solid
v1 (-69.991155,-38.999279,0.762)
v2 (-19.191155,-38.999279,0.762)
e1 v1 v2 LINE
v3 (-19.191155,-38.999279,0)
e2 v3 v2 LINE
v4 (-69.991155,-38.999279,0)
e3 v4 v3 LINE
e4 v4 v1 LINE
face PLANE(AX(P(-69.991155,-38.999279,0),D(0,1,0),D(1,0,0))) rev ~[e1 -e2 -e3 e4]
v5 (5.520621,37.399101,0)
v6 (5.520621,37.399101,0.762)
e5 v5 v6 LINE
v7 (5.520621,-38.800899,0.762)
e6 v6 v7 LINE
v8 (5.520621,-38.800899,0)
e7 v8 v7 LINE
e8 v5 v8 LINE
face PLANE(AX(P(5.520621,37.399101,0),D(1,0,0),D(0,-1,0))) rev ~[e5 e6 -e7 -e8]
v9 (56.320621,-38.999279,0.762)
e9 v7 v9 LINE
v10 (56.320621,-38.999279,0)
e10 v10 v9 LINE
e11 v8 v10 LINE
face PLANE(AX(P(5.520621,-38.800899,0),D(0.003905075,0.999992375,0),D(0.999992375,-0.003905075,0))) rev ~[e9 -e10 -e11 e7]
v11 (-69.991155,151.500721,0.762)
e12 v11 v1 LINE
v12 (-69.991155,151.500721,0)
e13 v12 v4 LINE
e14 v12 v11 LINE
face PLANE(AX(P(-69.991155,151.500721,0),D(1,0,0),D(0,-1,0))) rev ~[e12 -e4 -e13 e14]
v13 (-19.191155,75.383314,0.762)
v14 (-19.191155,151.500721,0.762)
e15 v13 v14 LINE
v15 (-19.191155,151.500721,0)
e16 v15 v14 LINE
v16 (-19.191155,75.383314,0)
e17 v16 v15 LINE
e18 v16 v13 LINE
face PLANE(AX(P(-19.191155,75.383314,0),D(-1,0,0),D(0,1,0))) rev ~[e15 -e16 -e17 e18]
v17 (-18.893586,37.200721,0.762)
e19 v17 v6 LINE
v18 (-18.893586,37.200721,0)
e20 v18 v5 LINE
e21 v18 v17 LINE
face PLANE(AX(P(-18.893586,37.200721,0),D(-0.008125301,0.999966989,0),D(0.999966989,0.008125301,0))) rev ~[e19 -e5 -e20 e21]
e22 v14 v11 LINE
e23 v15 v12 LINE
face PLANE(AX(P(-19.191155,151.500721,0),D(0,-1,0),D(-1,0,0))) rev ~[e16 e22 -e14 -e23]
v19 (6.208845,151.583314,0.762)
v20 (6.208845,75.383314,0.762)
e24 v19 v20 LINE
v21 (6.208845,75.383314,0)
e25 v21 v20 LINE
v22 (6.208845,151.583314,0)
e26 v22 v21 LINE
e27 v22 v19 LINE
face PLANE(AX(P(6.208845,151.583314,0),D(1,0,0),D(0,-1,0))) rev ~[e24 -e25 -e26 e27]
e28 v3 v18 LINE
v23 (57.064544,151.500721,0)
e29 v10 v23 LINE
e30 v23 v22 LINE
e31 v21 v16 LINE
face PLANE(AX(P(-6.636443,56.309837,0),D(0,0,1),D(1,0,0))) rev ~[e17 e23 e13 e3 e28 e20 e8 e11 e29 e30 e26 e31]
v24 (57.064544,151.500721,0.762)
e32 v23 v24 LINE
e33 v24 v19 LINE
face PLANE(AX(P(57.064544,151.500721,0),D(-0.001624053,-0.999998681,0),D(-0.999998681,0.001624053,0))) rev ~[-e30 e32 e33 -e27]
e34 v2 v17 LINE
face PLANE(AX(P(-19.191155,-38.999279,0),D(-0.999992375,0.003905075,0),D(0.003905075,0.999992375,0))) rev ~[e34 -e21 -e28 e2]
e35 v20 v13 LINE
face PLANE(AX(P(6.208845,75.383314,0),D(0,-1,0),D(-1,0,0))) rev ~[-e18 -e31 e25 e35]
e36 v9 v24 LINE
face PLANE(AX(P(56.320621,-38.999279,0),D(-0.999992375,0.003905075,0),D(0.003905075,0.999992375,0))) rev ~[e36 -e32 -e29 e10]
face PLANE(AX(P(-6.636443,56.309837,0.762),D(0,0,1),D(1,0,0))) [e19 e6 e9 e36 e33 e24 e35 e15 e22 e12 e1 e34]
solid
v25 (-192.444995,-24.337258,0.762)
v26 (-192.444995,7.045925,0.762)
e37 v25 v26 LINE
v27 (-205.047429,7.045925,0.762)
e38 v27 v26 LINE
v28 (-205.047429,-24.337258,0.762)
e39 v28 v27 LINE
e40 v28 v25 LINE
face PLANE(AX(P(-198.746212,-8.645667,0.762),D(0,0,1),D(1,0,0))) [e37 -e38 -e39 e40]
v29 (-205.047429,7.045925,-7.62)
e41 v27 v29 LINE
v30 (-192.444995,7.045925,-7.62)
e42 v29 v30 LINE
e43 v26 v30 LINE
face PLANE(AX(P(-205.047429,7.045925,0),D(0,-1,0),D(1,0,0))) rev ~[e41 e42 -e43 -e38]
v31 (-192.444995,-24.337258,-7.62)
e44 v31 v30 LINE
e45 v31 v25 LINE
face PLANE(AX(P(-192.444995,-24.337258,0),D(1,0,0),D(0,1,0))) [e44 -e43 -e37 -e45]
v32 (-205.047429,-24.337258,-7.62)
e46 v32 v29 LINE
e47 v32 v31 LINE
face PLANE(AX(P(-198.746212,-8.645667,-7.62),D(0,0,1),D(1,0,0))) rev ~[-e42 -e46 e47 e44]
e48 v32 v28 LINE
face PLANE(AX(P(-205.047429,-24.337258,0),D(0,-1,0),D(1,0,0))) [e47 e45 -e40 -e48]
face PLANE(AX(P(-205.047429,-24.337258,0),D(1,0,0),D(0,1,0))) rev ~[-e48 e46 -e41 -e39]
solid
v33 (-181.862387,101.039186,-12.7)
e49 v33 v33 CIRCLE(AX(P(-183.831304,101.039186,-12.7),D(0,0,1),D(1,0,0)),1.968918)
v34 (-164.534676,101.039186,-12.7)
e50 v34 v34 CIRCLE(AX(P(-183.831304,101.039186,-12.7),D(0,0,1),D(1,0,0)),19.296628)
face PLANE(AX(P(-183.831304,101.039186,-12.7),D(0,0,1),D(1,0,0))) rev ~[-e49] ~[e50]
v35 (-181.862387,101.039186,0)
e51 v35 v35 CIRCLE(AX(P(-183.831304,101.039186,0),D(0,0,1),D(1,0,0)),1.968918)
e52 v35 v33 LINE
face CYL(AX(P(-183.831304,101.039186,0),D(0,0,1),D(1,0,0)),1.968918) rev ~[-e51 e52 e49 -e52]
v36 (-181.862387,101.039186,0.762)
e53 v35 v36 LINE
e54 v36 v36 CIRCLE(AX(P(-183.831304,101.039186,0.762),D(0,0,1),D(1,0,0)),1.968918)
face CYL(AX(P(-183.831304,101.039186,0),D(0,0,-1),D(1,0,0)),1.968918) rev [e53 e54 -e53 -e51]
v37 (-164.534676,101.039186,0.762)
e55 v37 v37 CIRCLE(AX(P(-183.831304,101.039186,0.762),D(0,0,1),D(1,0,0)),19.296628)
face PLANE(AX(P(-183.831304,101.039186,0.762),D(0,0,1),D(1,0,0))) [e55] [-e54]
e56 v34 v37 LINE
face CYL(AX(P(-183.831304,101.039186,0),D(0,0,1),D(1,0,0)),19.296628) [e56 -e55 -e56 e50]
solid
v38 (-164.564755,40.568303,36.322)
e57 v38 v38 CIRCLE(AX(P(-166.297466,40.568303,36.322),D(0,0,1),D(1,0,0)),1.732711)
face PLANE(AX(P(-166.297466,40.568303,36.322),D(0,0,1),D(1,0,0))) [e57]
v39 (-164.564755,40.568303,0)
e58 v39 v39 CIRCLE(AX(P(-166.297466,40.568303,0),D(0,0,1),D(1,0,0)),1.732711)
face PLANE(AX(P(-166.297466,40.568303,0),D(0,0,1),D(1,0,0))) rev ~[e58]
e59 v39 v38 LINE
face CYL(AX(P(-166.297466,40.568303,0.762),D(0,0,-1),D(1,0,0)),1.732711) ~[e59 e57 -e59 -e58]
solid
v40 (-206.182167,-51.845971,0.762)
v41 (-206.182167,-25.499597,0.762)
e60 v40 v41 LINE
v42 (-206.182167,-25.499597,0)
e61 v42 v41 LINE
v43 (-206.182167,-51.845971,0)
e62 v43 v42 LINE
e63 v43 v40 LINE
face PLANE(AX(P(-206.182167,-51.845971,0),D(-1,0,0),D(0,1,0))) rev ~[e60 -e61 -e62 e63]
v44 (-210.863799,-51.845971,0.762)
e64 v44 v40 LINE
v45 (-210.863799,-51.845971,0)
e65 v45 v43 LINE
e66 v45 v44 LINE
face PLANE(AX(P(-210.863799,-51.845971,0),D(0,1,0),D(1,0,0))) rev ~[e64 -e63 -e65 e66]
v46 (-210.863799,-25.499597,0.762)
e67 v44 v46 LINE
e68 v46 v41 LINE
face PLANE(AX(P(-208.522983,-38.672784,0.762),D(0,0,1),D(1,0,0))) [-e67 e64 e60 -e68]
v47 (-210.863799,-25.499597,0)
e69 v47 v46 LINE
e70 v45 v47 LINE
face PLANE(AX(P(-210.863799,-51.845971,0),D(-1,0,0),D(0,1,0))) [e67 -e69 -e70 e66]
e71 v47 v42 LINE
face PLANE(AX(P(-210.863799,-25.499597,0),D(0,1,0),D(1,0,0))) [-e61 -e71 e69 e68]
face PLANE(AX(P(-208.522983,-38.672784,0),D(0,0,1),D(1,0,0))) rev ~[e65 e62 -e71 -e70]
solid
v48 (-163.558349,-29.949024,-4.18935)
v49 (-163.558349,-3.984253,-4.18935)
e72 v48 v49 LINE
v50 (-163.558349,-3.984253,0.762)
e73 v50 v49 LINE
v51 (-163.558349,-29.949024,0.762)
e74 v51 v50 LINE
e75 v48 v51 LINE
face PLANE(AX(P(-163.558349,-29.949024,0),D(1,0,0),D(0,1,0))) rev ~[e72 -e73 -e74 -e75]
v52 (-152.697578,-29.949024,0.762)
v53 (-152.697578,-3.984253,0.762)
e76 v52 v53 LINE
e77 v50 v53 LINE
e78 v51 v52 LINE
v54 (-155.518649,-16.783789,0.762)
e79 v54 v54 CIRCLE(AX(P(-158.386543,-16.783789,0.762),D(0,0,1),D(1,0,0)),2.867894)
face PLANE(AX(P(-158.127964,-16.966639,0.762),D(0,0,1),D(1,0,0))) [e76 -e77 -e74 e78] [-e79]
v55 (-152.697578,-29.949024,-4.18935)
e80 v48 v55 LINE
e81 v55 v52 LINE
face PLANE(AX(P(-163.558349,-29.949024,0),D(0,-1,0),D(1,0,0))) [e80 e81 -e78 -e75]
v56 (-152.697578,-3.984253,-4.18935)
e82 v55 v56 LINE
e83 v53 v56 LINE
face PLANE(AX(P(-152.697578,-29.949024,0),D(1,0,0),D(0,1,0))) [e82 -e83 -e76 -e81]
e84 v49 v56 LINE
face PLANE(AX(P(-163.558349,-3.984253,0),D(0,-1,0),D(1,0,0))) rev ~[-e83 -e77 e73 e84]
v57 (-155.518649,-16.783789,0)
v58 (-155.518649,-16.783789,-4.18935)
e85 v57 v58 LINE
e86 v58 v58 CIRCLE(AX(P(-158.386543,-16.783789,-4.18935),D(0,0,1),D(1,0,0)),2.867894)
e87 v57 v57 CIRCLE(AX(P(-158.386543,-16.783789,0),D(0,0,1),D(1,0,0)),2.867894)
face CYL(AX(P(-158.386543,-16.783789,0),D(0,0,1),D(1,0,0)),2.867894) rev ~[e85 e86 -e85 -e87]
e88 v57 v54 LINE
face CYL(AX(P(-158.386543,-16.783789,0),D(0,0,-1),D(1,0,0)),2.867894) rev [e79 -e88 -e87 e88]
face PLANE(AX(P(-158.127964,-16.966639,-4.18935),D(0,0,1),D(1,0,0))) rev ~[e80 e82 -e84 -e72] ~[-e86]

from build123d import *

# Parameters (mm, degrees)
F1_DEPTH = 0.762
F0_R     = 1.7327110464
F0_R_2   = 19.2966279722
F0_R_3   = 1.9689175866
F0_W     = 10.8607709408
F0_H     = 25.9647709318
F0_R_4   = 2.8678942403
F0_W_2   = 12.6024335623
F0_H_2   = 31.3831828535
F0_W_3   = 4.6816319227
F0_H_3   = 26.3463743031
F2_DEPTH = 35.56
F3_DEPTH = 12.7
F4_DEPTH = 4.18935
F5_DEPTH = 7.62


with BuildPart() as f1:
    # F0 (on Top) → F1 (new body)
    with BuildSketch(Plane.XY):
        Polygon((-19.1911552637, 151.5007214869), (-69.9911552637, 151.5007214869), (-69.9911552637, -38.9992785131), (-19.1911552637, -38.9992785131), (-18.8935862653, 37.2007214869), (5.5206213845, 37.3991008191), (5.5206213845, -38.8008991809), (56.3206213845, -38.9992785131), (57.0645438804, 151.5007214869), (6.2088447363, 151.583313942), (6.2088447363, 75.383313942), (-19.1911552637, 75.383313942), align=None)
    extrude(amount=F1_DEPTH)


with BuildPart() as f1b:
    # F0 (on Top) → F1, piece 2 (new body)
    with BuildSketch(Plane.XY):
        with Locations((-166.2974655628, 40.5683033168)):
            Circle(F0_R)
    extrude(amount=F1_DEPTH)

    # F2 (add): a face of the model
    f2_faces = [f1b.faces().sort_by_distance(p)[0] for p in [
        (-166.2974655628, 40.5683033168, 0.762),
    ]]
    extrude(f2_faces, amount=F2_DEPTH)


with BuildPart() as f1c:
    # F0 (on Top) → F1, piece 3 (new body)
    with BuildSketch(Plane.XY):
        with Locations((-183.8313043118, 101.03918612)):
            Circle(F0_R_2)
        with Locations((-183.8313043118, 101.03918612)):
            Circle(F0_R_3, mode=Mode.SUBTRACT)
    extrude(amount=F1_DEPTH)

    # F3 (add): a face of the model
    f3_faces = [f1c.faces().sort_by_distance(p)[0] for p in [
        (-202.5821412242, 101.03918612, 0),
    ]]
    extrude(f3_faces, amount=F3_DEPTH)


with BuildPart() as f1d:
    # F0 (on Top) → F1, piece 4 (new body)
    with BuildSketch(Plane.XY):
        with Locations((-158.1279635429, -16.9666388538)):
            Rectangle(F0_W, F0_H)
        with Locations((-158.3865433931, -16.7837888002)):
            Circle(F0_R_4, mode=Mode.SUBTRACT)
    extrude(amount=F1_DEPTH)

    # F4 (add): a face of the model
    f4_faces = [f1d.faces().sort_by_distance(p)[0] for p in [
        (-163.2769017403, -16.9666388538, 0),
    ]]
    extrude(f4_faces, amount=F4_DEPTH)


with BuildPart() as f1e:
    # F0 (on Top) → F1, piece 5 (new body)
    with BuildSketch(Plane.XY):
        with Locations((-198.7462118268, -8.6456667632)):
            Rectangle(F0_W_2, F0_H_2)
    extrude(amount=F1_DEPTH)

    # F5 (add): a face of the model
    f5_faces = [f1e.faces().sort_by_distance(p)[0] for p in [
        (-198.7462118268, -8.6456667632, 0),
    ]]
    extrude(f5_faces, amount=F5_DEPTH)


with BuildPart() as f1f:
    # F0 (on Top) → F1, piece 6 (new body)
    with BuildSketch(Plane.XY):
        with Locations((-208.5229828954, -38.6727843434)):
            Rectangle(F0_W_3, F0_H_3)
    extrude(amount=F1_DEPTH)


solid = Compound([f1.part, f1b.part, f1c.part, f1d.part, f1e.part, f1f.part])
